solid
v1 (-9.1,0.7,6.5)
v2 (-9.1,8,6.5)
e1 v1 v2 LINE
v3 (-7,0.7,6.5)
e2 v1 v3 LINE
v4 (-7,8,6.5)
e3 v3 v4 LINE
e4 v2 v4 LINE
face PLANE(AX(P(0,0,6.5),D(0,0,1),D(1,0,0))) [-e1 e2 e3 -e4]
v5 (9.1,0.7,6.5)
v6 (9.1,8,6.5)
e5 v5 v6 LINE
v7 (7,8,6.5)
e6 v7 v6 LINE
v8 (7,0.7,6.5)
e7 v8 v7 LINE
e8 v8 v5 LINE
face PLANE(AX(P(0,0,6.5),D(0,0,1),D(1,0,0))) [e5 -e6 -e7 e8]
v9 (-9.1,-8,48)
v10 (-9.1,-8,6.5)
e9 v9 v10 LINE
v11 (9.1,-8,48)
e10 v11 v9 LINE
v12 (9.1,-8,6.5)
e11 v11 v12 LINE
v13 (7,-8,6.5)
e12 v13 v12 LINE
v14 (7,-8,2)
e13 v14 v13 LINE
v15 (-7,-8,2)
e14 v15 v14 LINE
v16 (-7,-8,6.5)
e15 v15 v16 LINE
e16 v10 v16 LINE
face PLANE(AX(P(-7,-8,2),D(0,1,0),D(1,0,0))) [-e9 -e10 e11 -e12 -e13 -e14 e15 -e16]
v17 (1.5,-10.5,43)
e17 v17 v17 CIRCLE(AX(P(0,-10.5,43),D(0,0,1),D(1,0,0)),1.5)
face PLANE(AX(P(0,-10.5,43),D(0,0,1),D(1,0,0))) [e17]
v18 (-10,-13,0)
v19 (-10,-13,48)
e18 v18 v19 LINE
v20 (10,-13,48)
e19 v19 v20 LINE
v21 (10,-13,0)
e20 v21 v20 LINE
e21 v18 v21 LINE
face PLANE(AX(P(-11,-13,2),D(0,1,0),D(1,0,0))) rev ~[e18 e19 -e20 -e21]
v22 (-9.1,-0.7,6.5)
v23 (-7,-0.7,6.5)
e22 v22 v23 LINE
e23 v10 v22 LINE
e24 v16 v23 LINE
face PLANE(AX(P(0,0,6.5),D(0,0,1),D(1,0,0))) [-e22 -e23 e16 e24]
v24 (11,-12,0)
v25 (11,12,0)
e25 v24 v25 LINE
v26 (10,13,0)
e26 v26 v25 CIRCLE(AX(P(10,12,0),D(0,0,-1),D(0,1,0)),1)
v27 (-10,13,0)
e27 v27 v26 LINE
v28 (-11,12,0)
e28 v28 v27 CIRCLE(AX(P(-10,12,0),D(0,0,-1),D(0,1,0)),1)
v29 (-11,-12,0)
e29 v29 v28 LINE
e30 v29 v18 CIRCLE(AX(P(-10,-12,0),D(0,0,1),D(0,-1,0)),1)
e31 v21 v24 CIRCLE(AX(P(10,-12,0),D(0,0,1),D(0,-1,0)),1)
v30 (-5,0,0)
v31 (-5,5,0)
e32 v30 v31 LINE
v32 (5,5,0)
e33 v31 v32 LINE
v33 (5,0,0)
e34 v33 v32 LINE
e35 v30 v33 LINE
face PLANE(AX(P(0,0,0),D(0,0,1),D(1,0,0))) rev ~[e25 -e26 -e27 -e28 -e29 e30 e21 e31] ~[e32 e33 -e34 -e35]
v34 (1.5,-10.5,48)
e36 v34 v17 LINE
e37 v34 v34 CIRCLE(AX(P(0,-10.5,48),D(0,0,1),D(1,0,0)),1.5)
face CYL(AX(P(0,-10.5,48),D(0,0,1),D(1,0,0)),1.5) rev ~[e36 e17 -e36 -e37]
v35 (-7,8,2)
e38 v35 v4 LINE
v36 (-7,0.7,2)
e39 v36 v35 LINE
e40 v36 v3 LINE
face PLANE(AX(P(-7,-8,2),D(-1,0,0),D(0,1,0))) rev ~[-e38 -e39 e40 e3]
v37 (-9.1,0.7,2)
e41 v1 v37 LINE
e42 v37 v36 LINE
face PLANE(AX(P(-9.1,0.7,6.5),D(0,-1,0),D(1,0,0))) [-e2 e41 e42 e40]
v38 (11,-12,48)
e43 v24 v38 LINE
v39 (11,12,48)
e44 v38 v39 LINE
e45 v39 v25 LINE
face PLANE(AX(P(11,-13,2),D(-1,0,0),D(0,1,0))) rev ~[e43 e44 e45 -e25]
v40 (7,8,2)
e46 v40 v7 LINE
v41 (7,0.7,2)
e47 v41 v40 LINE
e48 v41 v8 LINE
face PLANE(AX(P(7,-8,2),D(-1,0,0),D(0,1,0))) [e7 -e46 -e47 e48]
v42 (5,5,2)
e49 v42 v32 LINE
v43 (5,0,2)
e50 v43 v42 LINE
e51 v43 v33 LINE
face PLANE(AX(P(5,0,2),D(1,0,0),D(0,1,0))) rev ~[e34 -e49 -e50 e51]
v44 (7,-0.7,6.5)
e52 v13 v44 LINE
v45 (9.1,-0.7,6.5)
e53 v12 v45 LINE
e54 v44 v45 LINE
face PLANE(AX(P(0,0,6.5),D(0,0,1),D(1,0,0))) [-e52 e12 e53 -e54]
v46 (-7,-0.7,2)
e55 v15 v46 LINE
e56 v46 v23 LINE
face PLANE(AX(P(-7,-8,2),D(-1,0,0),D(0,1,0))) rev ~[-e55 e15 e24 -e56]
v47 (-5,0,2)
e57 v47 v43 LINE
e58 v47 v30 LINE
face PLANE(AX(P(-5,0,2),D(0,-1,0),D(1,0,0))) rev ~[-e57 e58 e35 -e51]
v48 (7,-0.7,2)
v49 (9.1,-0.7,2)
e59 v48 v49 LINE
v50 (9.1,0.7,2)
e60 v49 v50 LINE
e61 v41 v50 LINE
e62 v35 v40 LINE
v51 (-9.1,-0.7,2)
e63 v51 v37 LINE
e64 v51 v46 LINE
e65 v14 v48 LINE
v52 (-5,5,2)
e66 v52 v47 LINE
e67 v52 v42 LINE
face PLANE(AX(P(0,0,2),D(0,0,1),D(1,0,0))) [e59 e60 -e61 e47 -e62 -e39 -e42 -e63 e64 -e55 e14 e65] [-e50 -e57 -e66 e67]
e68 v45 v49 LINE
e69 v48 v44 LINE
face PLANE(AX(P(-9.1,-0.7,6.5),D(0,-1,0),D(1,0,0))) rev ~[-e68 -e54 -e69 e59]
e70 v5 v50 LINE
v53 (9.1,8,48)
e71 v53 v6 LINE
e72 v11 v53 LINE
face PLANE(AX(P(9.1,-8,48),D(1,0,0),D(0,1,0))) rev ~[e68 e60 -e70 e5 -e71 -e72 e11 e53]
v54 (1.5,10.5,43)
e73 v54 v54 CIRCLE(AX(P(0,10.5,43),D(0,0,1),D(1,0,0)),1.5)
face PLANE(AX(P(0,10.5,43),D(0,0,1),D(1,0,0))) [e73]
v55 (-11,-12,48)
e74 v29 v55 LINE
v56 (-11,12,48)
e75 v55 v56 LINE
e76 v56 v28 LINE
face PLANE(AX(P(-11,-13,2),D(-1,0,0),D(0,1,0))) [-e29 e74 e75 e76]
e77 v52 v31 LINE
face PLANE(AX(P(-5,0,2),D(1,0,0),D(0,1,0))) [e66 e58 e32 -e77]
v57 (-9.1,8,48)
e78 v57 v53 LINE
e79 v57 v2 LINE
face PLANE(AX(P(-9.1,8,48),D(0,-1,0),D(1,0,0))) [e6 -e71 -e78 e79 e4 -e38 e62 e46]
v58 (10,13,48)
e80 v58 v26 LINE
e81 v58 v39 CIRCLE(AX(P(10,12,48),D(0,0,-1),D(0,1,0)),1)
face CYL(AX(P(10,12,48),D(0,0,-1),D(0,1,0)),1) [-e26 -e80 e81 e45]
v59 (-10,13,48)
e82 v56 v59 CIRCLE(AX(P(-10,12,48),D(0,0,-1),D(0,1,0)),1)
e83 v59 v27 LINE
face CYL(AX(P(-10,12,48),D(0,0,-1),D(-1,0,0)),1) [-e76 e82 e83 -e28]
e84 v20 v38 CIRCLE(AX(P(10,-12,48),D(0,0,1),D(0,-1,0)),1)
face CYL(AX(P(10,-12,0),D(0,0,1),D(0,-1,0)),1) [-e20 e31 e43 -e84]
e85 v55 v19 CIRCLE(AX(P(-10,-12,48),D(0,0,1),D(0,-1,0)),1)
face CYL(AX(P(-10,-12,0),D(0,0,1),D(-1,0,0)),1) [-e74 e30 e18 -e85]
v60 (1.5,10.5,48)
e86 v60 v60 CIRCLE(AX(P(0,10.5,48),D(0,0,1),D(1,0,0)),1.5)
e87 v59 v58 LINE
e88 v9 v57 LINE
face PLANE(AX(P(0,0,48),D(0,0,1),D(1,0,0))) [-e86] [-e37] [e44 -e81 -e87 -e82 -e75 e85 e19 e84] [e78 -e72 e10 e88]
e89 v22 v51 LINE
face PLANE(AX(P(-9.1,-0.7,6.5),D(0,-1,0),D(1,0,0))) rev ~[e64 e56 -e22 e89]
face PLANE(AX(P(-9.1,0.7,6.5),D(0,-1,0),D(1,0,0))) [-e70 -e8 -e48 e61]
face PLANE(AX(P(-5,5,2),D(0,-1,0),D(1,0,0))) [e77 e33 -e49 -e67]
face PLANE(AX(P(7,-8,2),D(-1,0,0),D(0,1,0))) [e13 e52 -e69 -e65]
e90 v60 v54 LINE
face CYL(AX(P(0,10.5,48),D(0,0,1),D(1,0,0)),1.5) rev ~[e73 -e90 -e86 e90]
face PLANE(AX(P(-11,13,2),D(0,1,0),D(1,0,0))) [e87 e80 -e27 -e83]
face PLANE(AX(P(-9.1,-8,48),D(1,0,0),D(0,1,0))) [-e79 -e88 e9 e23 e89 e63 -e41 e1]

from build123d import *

# Parameters (mm, degrees)
SKETCH_W        = 22
SKETCH_H        = 26
PAD_DEPTH       = 2
SKETCH007_W     = 10
SKETCH007_H     = 5
POCKET_DEPTH    = 2.001
SKETCH008_W     = 22
SKETCH008_H     = 26
SKETCH008_W_2   = 14
SKETCH008_H_2   = 16
PAD005_DEPTH    = 46
SKETCH009_W     = 18.2
SKETCH009_H     = 16
POCKET002_DEPTH = 41.5
SKETCH010_W     = 18.2
SKETCH010_H     = 1.4
POCKET003_DEPTH = 4.5
SKETCH013_R     = 1.5
POCKET005_DEPTH = 5
FILLET001_R     = 1


with BuildPart() as part:
    # Sketch → Pad (new body)
    with BuildSketch(Plane.XY):
        Rectangle(SKETCH_W, SKETCH_H)
    extrude(amount=PAD_DEPTH)

    # Sketch007 (on Face6 of Pad) → Pocket (cut, through all)
    with BuildSketch(Plane.XY.offset(2)):
        with Locations((0, 2.5)):
            Rectangle(SKETCH007_W, SKETCH007_H)
    extrude(amount=-POCKET_DEPTH, mode=Mode.SUBTRACT)

    # Sketch008 (on Face5 of Pocket) → Pad005 (join)
    with BuildSketch(Plane.XY.offset(2)):
        Rectangle(SKETCH008_W, SKETCH008_H)
        Rectangle(SKETCH008_W_2, SKETCH008_H_2, mode=Mode.SUBTRACT)
    extrude(amount=PAD005_DEPTH)

    # Sketch009 (on Face13 of Pad005) → Pocket002 (cut)
    with BuildSketch(Plane.XY.offset(48)):
        Rectangle(SKETCH009_W, SKETCH009_H)
    extrude(amount=-POCKET002_DEPTH, mode=Mode.SUBTRACT)

    # Sketch010 (on Face29 of Pocket002) → Pocket003 (cut)
    with BuildSketch(Plane.XY.offset(6.5)):
        Rectangle(SKETCH010_W, SKETCH010_H)
    extrude(amount=-POCKET003_DEPTH, mode=Mode.SUBTRACT)

    # Sketch013 (on Face13 of Pocket003) → Pocket005 (cut)
    with BuildSketch(Plane.XY.offset(48)):
        with Locations((0, 10.5)):
            Circle(SKETCH013_R)
        with Locations((0, -10.5)):
            Circle(SKETCH013_R)
    extrude(amount=-POCKET005_DEPTH, mode=Mode.SUBTRACT)

    # Fillet001
    fillet001_edges = [part.edges().sort_by_distance(p)[0] for p in [
        (-11, 13, 25),
        (-11, -13, 25),
        (11, 13, 25),
        (11, -13, 25),
        (11, -13, 1),
        (11, 13, 1),
        (-11, 13, 1),
        (-11, -13, 1),
    ]]
    fillet(fillet001_edges, radius=FILLET001_R)


solid = part.part
